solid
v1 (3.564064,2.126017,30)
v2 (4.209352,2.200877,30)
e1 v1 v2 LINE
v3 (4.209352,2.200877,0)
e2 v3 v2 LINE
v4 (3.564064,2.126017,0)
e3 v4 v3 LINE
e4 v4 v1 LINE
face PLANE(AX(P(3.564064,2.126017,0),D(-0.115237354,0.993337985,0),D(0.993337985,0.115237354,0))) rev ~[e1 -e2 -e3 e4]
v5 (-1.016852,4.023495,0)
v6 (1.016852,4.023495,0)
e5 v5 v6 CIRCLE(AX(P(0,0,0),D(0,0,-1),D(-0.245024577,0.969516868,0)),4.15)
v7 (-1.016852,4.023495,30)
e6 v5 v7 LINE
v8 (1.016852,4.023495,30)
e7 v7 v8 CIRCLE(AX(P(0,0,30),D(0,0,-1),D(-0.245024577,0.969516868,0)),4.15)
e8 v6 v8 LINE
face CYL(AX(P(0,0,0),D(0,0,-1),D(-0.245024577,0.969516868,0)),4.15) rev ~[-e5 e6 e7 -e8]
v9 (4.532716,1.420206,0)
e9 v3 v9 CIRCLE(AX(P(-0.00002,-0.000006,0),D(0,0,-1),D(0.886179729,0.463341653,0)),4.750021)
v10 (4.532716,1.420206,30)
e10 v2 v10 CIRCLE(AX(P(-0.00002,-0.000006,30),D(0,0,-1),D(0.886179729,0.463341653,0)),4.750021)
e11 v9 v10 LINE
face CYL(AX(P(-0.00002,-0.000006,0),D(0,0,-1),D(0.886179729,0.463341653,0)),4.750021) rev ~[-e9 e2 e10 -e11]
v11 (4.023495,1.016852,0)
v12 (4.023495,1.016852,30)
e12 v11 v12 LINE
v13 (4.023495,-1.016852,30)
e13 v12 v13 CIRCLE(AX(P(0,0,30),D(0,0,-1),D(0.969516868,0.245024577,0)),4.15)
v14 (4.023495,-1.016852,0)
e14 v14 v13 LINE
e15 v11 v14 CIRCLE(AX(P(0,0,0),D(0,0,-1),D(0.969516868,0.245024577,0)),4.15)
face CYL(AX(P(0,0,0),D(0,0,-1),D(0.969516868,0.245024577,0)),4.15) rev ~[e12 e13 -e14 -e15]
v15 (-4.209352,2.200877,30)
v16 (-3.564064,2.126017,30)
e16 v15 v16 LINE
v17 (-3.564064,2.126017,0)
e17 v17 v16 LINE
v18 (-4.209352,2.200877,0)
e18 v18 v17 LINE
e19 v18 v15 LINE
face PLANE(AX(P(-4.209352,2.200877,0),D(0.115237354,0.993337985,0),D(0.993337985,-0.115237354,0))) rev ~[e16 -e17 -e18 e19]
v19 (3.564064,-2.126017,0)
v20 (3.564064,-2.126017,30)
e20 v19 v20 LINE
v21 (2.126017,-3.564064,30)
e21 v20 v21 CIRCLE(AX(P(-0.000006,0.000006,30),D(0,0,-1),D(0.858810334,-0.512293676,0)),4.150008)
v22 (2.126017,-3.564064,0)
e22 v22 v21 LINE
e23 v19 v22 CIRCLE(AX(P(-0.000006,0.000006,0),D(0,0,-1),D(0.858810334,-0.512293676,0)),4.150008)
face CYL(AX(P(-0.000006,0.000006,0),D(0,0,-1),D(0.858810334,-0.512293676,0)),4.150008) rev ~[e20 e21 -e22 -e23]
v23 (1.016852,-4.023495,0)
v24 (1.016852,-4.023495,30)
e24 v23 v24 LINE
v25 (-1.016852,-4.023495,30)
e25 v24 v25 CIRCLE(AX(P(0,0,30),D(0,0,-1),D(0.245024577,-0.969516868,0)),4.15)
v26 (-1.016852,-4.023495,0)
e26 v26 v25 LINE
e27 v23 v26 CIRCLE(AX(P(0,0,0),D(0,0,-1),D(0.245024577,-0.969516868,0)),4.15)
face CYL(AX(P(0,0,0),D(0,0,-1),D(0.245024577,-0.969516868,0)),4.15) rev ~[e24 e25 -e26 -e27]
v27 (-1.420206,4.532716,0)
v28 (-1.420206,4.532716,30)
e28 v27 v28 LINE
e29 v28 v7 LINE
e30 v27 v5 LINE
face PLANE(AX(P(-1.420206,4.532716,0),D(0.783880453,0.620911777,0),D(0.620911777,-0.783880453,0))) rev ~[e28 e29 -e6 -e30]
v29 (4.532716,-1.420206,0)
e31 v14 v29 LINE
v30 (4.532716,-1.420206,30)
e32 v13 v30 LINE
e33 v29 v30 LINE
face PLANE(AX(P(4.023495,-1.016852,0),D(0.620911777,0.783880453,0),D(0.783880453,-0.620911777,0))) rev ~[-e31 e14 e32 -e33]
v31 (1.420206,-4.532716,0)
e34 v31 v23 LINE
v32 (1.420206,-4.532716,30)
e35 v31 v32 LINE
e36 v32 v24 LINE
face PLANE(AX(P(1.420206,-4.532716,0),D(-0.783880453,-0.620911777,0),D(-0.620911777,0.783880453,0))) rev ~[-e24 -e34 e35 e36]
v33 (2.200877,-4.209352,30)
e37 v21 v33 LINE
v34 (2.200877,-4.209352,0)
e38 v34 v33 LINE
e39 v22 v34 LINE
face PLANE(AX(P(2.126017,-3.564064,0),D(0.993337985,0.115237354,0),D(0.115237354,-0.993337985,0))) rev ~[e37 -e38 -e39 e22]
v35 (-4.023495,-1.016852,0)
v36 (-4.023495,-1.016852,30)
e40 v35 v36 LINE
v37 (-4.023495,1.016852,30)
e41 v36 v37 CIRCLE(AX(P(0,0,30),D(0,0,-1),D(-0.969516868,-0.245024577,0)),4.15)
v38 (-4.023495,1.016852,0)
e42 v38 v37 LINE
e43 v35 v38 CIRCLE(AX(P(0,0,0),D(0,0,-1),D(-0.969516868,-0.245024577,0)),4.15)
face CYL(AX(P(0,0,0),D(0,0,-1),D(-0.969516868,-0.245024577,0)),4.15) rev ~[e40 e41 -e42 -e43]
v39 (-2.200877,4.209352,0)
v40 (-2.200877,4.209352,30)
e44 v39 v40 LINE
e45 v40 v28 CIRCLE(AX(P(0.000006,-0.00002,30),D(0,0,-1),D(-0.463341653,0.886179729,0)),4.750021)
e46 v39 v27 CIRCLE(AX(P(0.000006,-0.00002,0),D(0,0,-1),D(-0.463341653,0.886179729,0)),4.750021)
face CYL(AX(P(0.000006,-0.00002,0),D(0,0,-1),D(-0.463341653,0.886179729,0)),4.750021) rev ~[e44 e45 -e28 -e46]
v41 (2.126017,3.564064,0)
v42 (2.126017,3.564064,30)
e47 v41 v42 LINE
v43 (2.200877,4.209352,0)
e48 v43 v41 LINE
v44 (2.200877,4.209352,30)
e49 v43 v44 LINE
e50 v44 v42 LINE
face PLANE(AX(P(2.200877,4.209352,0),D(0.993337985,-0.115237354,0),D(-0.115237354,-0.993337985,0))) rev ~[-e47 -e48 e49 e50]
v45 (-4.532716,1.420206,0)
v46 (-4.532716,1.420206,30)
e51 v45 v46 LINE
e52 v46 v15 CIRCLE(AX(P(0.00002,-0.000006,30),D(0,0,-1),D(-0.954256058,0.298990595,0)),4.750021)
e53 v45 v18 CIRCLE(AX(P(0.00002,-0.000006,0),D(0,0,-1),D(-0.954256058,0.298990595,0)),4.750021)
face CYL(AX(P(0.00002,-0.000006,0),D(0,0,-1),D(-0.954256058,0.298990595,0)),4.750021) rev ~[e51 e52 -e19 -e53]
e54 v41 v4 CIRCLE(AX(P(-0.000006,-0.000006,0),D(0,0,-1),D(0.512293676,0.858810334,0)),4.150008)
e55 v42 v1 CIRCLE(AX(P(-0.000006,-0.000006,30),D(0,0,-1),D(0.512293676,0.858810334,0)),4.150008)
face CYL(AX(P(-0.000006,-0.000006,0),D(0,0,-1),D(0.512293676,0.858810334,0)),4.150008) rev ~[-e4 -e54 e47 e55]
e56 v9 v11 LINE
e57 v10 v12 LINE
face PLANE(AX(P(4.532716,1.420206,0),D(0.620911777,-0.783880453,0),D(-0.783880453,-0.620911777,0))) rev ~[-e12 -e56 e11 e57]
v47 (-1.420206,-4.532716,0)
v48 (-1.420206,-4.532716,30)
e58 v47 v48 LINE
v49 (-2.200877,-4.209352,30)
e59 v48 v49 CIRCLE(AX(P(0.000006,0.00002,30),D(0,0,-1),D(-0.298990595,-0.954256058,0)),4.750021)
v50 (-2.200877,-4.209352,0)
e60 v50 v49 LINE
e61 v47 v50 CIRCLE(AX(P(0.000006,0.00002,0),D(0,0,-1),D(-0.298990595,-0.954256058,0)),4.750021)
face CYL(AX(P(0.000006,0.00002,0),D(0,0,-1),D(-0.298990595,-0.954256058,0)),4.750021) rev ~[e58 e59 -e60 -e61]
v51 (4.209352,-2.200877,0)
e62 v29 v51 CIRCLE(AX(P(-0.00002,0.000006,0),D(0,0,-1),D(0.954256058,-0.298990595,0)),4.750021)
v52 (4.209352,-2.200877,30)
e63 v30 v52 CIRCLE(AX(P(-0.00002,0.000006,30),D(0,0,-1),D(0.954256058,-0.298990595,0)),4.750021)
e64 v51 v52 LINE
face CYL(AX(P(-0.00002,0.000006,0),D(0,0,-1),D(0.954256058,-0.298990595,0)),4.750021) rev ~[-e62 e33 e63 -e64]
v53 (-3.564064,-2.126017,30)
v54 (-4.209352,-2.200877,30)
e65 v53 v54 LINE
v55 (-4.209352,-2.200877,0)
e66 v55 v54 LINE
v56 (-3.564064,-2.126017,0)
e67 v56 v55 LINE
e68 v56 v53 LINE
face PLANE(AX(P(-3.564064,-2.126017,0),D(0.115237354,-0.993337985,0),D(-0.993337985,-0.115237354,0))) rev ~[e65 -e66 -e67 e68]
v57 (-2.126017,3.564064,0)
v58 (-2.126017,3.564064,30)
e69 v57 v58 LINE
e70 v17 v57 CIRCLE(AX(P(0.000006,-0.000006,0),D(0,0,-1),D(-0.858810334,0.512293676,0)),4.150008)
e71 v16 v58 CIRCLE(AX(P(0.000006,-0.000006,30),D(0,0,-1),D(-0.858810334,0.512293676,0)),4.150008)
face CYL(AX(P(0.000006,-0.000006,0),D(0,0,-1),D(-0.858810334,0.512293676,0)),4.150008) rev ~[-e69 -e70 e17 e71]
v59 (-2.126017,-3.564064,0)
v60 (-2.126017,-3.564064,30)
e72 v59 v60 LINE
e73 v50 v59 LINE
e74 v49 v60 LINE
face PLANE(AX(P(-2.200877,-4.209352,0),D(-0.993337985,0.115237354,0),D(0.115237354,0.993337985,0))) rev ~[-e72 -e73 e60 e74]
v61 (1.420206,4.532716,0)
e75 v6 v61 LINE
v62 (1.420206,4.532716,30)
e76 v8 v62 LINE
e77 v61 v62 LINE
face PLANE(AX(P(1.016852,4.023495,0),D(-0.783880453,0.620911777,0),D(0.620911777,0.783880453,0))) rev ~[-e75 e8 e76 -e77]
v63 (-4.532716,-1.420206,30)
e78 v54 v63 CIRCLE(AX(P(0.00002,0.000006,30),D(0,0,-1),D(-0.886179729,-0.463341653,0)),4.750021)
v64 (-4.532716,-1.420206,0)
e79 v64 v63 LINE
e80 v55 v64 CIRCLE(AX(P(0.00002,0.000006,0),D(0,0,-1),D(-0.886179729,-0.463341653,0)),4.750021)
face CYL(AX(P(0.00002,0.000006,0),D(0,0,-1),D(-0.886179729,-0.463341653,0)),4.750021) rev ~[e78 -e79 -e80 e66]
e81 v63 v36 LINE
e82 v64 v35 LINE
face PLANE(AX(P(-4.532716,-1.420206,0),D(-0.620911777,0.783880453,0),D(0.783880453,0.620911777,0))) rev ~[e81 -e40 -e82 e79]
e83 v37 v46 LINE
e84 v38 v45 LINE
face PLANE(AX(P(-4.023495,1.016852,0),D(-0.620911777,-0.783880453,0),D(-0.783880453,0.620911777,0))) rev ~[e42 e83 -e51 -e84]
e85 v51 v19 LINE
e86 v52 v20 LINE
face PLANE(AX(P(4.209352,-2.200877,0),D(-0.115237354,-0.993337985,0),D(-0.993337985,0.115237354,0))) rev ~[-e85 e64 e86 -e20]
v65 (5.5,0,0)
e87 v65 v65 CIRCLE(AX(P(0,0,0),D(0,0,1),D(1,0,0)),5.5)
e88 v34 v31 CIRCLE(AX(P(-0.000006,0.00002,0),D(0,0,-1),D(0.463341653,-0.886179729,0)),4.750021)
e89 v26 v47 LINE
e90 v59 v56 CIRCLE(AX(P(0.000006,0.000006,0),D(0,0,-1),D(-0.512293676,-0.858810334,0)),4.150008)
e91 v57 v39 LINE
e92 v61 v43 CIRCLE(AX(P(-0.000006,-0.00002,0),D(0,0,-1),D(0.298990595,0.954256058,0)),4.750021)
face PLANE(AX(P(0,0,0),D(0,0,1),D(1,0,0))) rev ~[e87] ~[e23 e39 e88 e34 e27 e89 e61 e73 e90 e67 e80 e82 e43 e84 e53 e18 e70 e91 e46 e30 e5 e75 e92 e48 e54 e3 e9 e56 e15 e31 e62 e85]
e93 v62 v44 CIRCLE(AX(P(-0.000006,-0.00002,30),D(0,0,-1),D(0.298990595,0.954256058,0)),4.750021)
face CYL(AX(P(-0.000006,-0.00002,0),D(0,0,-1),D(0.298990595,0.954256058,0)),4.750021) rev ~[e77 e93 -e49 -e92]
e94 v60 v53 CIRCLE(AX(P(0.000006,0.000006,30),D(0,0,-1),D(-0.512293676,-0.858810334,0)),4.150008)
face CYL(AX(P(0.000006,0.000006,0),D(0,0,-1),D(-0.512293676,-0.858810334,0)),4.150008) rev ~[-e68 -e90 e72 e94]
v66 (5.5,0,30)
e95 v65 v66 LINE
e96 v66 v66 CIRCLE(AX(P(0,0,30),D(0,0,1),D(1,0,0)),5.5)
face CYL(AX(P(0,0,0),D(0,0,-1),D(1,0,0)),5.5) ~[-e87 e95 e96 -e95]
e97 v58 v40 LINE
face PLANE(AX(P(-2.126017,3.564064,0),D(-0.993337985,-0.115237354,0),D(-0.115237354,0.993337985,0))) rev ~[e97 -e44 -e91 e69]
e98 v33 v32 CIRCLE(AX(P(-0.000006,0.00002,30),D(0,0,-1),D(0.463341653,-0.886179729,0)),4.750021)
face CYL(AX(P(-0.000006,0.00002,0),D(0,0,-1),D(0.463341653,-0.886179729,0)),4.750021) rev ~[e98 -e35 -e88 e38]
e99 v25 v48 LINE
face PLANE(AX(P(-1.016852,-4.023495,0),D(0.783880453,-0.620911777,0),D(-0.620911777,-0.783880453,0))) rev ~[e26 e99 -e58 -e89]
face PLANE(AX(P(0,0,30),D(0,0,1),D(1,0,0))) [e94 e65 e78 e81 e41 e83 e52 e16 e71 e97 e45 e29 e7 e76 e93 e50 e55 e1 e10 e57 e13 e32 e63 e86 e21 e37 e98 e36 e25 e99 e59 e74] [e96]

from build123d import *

# Parameters (mm, degrees)
F0_R     = 5.5
F1_DEPTH = 30


with BuildPart() as f1:
    # F0 (on Top) → F1 (new body)
    with BuildSketch(Plane.XY):
        Circle(F0_R)
        with BuildLine():
            ThreePointArc((4.532716, 1.420206), (4.695365, 0.718366), (4.75, 0))
            ThreePointArc((4.75, 0), (4.695365, -0.718366), (4.532716, -1.420206))
            ThreePointArc((4.532716, -1.420206), (4.388428, -1.817746), (4.209352, -2.200877))
            ThreePointArc((4.209352, -2.200877), (3.358757, -3.358757), (2.200877, -4.209352))
            ThreePointArc((2.200877, -4.209352), (1.817746, -4.388428), (1.420206, -4.532716))
            ThreePointArc((1.420206, -4.532716), (0, -4.75), (-1.420206, -4.532716))
            ThreePointArc((-1.420206, -4.532716), (-1.817746, -4.388428), (-2.200877, -4.209352))
            ThreePointArc((-2.200877, -4.209352), (-3.358757, -3.358757), (-4.209352, -2.200877))
            ThreePointArc((-4.209352, -2.200877), (-4.388428, -1.817746), (-4.532716, -1.420206))
            ThreePointArc((-4.532716, -1.420206), (-4.75, 0), (-4.532716, 1.420206))
            ThreePointArc((-4.532716, 1.420206), (-4.388428, 1.817746), (-4.209352, 2.200877))
            ThreePointArc((-4.209352, 2.200877), (-3.358757, 3.358757), (-2.200877, 4.209352))
            ThreePointArc((-2.200877, 4.209352), (-1.817746, 4.388428), (-1.420206, 4.532716))
            ThreePointArc((-1.420206, 4.532716), (0, 4.75), (1.420206, 4.532716))
            ThreePointArc((1.420206, 4.532716), (1.817746, 4.388428), (2.200877, 4.209352))
            ThreePointArc((2.200877, 4.209352), (3.358757, 3.358757), (4.209352, 2.200877))
            ThreePointArc((4.209352, 2.200877), (4.388428, 1.817746), (4.532716, 1.420206))
        make_face(mode=Mode.SUBTRACT)
        with BuildLine():
            Line((-4.023495, 1.016852), (-4.532716, 1.420206))
            ThreePointArc((-4.532716, 1.420206), (-4.75, 0), (-4.532716, -1.420206))
            Line((-4.532716, -1.420206), (-4.023495, -1.016852))
            ThreePointArc((-4.023495, -1.016852), (-4.15, 0), (-4.023495, 1.016852))
        make_face()
        with BuildLine():
            Line((-2.126017, 3.564064), (-2.200877, 4.209352))
            ThreePointArc((-2.200877, 4.209352), (-3.358757, 3.358757), (-4.209352, 2.200877))
            Line((-4.209352, 2.200877), (-3.564064, 2.126017))
            ThreePointArc((-3.564064, 2.126017), (-2.934493, 2.934493), (-2.126017, 3.564064))
        make_face()
        with BuildLine():
            Line((1.016852, 4.023495), (1.420206, 4.532716))
            ThreePointArc((1.420206, 4.532716), (0, 4.75), (-1.420206, 4.532716))
            Line((-1.420206, 4.532716), (-1.016852, 4.023495))
            ThreePointArc((-1.016852, 4.023495), (0, 4.15), (1.016852, 4.023495))
        make_face()
        with BuildLine():
            Line((3.564064, 2.126017), (4.209352, 2.200877))
            ThreePointArc((4.209352, 2.200877), (3.358757, 3.358757), (2.200877, 4.209352))
            Line((2.200877, 4.209352), (2.126017, 3.564064))
            ThreePointArc((2.126017, 3.564064), (2.934493, 2.934493), (3.564064, 2.126017))
        make_face()
        with BuildLine():
            ThreePointArc((4.532716, -1.420206), (4.695365, -0.718366), (4.75, 0))
            ThreePointArc((4.75, 0), (4.695365, 0.718366), (4.532716, 1.420206))
            Line((4.532716, 1.420206), (4.023495, 1.016852))
            ThreePointArc((4.023495, 1.016852), (4.15, 0), (4.023495, -1.016852))
            Line((4.023495, -1.016852), (4.532716, -1.420206))
        make_face()
        with BuildLine():
            ThreePointArc((2.200877, -4.209352), (3.358757, -3.358757), (4.209352, -2.200877))
            Line((4.209352, -2.200877), (3.564064, -2.126017))
            ThreePointArc((3.564064, -2.126017), (2.934493, -2.934493), (2.126017, -3.564064))
            Line((2.126017, -3.564064), (2.200877, -4.209352))
        make_face()
        with BuildLine():
            ThreePointArc((-1.420206, -4.532716), (0, -4.75), (1.420206, -4.532716))
            Line((1.420206, -4.532716), (1.016852, -4.023495))
            ThreePointArc((1.016852, -4.023495), (0, -4.15), (-1.016852, -4.023495))
            Line((-1.016852, -4.023495), (-1.420206, -4.532716))
        make_face()
        with BuildLine():
            ThreePointArc((-4.209352, -2.200877), (-3.358757, -3.358757), (-2.200877, -4.209352))
            Line((-2.200877, -4.209352), (-2.126017, -3.564064))
            ThreePointArc((-2.126017, -3.564064), (-2.934493, -2.934493), (-3.564064, -2.126017))
            Line((-3.564064, -2.126017), (-4.209352, -2.200877))
        make_face()
    extrude(amount=F1_DEPTH)


solid = f1.part
